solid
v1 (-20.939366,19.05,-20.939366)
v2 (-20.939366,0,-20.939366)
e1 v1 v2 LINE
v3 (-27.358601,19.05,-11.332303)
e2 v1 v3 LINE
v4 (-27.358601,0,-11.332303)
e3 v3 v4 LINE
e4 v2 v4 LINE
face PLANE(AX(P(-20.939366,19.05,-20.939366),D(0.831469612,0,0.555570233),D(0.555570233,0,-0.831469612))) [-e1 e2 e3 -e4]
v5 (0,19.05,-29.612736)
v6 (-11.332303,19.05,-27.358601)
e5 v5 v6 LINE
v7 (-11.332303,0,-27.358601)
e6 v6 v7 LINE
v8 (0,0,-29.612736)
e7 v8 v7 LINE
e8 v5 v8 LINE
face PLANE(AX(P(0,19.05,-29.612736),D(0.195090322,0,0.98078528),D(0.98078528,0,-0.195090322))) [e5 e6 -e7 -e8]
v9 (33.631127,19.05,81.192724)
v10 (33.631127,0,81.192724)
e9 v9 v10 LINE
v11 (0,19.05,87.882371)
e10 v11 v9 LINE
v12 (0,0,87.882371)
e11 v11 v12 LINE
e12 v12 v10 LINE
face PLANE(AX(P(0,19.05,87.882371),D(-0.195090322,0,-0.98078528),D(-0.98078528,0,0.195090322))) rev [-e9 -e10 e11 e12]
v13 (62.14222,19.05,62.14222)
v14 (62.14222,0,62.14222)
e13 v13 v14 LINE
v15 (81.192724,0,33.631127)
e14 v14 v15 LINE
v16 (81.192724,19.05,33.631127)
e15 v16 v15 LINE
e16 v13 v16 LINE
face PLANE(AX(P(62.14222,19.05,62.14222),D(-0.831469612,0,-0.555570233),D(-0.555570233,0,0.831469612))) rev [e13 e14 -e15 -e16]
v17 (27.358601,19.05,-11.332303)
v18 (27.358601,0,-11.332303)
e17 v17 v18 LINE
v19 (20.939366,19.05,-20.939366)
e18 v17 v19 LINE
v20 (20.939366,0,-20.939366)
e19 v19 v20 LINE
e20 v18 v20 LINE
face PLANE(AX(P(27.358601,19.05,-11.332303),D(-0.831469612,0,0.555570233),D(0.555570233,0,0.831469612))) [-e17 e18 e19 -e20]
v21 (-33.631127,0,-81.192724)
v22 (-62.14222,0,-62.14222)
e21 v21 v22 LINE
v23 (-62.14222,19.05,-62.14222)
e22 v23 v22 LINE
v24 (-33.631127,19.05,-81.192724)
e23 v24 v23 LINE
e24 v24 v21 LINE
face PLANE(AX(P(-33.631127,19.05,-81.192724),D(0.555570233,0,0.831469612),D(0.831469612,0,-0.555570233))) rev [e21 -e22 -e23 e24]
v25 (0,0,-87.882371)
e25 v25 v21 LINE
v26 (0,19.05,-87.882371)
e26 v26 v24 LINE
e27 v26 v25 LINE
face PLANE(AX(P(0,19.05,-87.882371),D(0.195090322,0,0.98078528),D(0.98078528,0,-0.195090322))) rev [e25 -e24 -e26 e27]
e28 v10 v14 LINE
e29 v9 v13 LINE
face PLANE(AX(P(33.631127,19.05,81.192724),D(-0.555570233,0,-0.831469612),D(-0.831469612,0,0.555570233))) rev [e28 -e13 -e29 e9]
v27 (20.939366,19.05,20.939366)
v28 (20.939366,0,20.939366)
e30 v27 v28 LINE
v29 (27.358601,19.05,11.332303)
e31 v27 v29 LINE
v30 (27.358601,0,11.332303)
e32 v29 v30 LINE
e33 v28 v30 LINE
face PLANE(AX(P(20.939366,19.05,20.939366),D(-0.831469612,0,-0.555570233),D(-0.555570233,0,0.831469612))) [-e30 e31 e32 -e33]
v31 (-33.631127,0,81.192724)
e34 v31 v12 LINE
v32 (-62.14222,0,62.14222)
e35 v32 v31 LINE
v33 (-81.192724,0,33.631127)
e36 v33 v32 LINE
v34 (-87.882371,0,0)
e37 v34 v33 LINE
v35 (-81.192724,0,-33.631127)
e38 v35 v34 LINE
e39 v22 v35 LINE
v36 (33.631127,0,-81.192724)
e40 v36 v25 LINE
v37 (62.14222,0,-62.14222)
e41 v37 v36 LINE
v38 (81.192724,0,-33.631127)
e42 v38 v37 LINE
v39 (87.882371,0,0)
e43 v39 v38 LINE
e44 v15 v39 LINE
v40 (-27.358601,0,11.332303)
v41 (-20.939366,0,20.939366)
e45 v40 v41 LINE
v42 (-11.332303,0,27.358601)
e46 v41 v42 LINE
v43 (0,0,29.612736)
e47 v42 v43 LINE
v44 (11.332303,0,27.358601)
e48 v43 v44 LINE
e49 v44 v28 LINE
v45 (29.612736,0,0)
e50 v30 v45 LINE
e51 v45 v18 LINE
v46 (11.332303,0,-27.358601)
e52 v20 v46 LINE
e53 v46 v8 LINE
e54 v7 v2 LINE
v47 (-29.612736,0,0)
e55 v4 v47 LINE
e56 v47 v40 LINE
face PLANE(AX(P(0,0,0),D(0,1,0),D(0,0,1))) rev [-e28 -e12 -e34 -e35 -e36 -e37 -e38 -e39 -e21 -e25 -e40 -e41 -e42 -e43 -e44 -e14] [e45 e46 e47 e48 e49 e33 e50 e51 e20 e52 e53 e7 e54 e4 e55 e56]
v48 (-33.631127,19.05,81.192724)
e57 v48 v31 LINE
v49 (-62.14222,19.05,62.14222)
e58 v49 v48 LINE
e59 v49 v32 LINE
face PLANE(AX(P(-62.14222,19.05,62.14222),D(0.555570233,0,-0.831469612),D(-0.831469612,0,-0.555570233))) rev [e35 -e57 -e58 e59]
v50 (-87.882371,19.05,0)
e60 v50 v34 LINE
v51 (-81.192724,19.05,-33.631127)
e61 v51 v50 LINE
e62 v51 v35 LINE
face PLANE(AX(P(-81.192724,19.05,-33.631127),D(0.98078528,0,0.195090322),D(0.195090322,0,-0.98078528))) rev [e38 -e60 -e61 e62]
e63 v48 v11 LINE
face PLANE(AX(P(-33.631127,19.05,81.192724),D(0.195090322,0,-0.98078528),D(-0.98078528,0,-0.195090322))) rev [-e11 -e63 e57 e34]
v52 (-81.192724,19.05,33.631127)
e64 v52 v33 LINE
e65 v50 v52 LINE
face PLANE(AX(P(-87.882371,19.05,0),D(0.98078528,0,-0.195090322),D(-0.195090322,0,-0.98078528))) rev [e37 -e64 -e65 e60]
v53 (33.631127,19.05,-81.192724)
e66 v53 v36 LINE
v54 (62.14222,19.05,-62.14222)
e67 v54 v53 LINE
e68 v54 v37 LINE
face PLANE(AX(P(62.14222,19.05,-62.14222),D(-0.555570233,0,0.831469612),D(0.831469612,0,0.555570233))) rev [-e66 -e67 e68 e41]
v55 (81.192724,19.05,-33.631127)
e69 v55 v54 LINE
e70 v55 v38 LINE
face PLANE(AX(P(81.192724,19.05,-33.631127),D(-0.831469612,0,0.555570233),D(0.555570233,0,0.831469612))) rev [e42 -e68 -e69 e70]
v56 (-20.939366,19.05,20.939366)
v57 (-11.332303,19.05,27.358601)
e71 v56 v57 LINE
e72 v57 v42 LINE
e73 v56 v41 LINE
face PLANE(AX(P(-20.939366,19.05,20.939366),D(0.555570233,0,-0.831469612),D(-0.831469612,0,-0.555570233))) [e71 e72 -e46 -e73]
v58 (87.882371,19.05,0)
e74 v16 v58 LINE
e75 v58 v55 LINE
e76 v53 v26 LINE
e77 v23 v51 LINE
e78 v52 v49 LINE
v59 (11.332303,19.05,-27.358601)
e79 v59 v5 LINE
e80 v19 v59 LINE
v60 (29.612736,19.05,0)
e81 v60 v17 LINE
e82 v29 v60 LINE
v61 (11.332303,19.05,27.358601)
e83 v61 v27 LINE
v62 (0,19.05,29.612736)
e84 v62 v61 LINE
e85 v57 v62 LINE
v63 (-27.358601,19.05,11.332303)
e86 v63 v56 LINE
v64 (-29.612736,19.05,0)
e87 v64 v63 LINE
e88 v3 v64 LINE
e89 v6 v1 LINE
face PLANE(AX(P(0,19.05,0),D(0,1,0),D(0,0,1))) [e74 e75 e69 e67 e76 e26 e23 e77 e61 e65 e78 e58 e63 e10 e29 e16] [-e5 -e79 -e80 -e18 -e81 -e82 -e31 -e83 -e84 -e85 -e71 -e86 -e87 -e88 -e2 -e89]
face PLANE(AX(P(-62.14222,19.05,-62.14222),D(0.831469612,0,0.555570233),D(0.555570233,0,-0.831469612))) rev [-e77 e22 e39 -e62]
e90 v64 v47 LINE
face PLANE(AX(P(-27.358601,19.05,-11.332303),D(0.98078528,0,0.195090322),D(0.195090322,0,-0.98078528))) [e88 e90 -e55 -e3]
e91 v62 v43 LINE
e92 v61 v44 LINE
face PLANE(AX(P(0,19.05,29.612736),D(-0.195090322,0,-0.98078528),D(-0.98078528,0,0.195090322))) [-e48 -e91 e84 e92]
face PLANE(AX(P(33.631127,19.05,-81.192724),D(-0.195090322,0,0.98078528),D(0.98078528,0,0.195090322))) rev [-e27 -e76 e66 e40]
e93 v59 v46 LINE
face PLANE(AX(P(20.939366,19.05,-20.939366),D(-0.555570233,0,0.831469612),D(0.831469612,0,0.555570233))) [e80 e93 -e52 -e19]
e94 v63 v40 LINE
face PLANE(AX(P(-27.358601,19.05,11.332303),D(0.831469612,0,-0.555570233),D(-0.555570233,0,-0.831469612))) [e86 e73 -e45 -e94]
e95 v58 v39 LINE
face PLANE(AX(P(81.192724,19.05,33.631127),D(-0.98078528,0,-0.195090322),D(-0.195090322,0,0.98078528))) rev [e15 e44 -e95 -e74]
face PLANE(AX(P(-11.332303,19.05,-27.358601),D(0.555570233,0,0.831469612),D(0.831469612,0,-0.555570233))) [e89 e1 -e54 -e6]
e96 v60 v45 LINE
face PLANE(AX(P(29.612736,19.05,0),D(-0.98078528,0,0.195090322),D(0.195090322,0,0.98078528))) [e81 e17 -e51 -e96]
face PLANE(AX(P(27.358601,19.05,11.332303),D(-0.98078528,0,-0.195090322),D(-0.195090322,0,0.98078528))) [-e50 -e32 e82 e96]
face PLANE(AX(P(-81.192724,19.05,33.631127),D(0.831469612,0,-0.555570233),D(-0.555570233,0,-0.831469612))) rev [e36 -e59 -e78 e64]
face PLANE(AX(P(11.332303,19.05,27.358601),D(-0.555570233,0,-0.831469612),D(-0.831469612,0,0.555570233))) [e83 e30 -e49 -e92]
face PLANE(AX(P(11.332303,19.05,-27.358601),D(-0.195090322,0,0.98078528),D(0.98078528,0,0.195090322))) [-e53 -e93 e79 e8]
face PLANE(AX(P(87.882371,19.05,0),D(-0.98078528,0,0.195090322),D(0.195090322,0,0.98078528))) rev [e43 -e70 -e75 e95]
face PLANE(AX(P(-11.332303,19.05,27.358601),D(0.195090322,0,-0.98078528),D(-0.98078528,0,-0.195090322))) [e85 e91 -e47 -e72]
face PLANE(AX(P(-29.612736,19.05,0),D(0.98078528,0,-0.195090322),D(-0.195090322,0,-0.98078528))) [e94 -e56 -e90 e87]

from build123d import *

# Parameters (mm, degrees)
BOSS_EXTRUDE1_DEPTH = 19.05


with BuildPart() as part:
    # Sketch1 → Boss-Extrude1 (new body)
    with BuildSketch(Plane(origin=(0, 0, 0), x_dir=(1, 0, 0), z_dir=(0, 1, 0))):
        Polygon((87.882370703, 0), (81.192723561, 33.631127265), (62.142220271, 62.142220271), (33.631127265, 81.192723561), (0, 87.882370703), (-33.631127265, 81.192723561), (-62.142220271, 62.142220271), (-81.192723561, 33.631127265), (-87.882370703, 0), (-81.192723561, -33.631127265), (-62.142220271, -62.142220271), (-33.631127265, -81.192723561), (0, -87.882370703), (33.631127265, -81.192723561), (62.142220271, -62.142220271), (81.192723561, -33.631127265), align=None)
        Polygon((29.612736011, 0), (27.358600703, 11.332303459), (20.939366443, 20.939366443), (11.332303459, 27.358600703), (0, 29.612736011), (-11.332303459, 27.358600703), (-20.939366443, 20.939366443), (-27.358600703, 11.332303459), (-29.612736011, 0), (-27.358600703, -11.332303459), (-20.939366443, -20.939366443), (-11.332303459, -27.358600703), (0, -29.612736011), (11.332303459, -27.358600703), (20.939366443, -20.939366443), (27.358600703, -11.332303459), align=None, mode=Mode.SUBTRACT)
    extrude(amount=BOSS_EXTRUDE1_DEPTH)


solid = part.part
